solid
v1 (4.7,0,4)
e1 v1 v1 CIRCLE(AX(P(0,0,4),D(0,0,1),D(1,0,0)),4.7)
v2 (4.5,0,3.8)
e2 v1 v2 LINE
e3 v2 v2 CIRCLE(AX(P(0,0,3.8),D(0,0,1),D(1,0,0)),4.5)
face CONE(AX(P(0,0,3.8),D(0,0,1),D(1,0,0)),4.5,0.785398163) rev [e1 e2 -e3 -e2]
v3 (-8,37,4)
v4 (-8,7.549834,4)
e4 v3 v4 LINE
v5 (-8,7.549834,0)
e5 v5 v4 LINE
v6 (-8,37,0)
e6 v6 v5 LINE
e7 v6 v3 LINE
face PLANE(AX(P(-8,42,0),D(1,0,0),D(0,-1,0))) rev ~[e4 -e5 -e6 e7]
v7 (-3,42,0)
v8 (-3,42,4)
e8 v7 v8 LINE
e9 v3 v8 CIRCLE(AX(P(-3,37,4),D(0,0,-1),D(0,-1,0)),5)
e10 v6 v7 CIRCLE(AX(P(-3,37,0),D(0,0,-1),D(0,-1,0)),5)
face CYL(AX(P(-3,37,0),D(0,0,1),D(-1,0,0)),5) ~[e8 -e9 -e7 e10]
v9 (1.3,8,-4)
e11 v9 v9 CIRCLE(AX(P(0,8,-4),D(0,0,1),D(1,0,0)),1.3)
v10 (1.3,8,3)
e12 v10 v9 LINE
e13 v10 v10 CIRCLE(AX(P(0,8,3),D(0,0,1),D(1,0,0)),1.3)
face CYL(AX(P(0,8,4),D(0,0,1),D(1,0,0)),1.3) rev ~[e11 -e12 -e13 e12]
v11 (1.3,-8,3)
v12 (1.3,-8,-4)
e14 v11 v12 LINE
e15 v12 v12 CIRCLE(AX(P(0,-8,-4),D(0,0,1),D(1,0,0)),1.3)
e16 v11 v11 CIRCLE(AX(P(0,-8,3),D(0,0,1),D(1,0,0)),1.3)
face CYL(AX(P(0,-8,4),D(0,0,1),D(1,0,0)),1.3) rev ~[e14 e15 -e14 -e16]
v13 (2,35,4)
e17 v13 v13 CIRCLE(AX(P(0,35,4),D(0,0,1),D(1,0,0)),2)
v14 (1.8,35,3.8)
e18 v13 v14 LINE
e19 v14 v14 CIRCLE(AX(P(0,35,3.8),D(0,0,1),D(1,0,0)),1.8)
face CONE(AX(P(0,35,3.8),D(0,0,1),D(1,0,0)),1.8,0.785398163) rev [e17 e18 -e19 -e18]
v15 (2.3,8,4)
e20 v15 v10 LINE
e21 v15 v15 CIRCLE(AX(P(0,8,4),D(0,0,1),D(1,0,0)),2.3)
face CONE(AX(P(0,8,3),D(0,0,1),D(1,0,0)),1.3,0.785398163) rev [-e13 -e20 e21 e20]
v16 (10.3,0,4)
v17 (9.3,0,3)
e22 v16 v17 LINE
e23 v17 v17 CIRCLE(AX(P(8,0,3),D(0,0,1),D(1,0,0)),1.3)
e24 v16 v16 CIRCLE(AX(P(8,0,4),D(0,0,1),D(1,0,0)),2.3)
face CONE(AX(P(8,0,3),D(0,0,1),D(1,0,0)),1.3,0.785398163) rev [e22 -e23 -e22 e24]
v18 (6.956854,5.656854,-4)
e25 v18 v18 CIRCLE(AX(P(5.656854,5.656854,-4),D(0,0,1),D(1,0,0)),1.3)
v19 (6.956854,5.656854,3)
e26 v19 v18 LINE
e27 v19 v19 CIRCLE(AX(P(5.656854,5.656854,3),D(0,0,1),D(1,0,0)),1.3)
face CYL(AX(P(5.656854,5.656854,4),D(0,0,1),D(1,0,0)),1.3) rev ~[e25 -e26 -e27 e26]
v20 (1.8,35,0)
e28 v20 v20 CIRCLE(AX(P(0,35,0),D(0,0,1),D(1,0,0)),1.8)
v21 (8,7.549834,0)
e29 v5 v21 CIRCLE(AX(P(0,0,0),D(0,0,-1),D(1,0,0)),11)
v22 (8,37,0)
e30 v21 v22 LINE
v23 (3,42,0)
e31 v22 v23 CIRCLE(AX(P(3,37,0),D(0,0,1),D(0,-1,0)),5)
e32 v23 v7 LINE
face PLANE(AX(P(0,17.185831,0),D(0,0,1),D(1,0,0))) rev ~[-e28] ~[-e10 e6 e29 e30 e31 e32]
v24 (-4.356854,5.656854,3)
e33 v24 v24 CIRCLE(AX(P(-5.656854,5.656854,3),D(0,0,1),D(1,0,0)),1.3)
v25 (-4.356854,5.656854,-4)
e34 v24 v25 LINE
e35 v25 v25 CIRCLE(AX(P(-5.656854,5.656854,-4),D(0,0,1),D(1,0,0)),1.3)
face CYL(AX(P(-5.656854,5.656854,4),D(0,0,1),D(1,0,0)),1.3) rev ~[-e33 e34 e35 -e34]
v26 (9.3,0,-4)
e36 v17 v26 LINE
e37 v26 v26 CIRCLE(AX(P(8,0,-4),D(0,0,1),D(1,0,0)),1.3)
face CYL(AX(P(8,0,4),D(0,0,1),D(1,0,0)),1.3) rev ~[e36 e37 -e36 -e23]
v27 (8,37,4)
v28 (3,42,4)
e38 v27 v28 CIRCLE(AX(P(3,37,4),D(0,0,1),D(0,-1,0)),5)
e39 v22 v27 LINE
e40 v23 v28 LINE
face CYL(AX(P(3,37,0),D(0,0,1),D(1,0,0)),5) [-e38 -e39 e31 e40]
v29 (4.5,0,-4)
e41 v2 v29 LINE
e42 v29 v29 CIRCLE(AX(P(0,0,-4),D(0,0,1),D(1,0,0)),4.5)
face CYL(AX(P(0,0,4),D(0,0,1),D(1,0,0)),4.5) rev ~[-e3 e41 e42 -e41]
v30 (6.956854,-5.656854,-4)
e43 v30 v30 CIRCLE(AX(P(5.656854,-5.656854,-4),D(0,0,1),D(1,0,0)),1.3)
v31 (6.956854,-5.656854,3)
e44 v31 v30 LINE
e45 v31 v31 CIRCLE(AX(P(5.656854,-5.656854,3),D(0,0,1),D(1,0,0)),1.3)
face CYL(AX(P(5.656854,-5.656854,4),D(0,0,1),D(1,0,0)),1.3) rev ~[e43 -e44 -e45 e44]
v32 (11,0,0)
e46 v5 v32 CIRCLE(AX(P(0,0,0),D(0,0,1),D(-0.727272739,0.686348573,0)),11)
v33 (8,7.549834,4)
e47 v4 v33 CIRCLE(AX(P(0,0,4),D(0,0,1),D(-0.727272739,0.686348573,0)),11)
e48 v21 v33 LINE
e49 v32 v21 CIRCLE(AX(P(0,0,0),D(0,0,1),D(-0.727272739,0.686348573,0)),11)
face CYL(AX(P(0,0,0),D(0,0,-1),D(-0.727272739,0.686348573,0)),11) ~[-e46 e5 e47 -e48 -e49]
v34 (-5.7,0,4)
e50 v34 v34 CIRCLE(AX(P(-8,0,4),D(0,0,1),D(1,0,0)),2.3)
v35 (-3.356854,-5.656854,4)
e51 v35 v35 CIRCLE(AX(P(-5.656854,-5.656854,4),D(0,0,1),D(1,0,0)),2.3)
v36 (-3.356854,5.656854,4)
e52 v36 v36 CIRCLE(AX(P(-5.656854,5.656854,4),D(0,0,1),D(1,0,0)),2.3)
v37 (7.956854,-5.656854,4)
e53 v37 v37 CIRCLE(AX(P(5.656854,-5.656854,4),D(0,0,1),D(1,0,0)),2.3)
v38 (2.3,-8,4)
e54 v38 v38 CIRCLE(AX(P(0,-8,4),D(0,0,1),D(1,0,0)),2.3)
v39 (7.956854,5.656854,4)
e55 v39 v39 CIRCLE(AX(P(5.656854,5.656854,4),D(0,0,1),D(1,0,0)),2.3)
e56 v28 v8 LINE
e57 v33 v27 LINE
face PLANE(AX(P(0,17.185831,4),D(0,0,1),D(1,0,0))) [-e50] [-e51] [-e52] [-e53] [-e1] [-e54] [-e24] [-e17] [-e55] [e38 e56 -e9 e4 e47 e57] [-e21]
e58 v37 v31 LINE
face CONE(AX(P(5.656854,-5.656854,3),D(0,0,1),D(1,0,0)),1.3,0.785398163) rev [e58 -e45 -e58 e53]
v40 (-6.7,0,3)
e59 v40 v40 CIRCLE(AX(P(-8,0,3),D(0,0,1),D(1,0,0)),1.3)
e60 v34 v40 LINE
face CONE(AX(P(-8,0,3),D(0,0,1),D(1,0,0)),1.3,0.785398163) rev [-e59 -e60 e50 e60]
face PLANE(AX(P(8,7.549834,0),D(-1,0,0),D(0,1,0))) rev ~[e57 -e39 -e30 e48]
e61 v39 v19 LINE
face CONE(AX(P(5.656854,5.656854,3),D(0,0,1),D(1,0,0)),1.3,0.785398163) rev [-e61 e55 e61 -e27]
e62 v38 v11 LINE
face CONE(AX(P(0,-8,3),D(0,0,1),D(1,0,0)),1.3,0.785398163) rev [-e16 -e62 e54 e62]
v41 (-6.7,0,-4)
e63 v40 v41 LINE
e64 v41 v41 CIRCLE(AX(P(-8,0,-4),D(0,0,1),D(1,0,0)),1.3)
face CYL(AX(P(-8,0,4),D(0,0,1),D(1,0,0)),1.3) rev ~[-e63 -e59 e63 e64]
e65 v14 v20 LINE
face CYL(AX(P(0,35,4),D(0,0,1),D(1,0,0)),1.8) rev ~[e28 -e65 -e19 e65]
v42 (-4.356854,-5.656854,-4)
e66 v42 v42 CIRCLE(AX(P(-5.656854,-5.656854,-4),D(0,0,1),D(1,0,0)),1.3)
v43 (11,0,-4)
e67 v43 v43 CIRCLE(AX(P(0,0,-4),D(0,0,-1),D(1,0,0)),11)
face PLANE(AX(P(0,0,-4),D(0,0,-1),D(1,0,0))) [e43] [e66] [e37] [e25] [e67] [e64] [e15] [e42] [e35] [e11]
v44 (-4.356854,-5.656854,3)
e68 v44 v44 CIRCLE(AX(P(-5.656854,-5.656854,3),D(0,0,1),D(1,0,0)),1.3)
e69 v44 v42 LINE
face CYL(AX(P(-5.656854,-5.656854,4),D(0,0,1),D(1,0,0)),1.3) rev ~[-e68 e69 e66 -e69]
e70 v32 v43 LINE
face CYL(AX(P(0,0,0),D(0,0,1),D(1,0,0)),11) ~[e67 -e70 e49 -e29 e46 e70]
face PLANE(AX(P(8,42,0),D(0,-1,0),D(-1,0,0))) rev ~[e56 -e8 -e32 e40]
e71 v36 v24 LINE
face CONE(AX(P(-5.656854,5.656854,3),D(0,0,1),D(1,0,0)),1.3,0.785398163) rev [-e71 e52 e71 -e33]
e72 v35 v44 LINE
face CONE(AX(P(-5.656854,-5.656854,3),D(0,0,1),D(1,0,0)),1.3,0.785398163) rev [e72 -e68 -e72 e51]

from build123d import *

# Parameters (mm, degrees)
PAD_DEPTH       = 4
SKETCH003_R     = 1.8
POCKET_DEPTH    = 5
FILLET_R        = 5
SKETCH004_R     = 11
PAD001_DEPTH    = 4
SKETCH002_R     = 4.5
SKETCH002_R_2   = 1.3
POCKET001_DEPTH = 10
CHAMFER_SIZE    = 1
CHAMFER001_SIZE = 0.2


with BuildPart() as part:
    # Sketch → Pad (new body)
    with BuildSketch(Plane.XY):
        with BuildLine():
            ThreePointArc((-8, 7.549834), (0, -11), (8, 7.549834))
            Line((8, 7.549834), (8, 42))
            Line((8, 42), (-8, 42))
            Line((-8, 42), (-8, 7.549834))
        make_face()
    extrude(amount=PAD_DEPTH)

    # Sketch003 → Pocket (cut)
    with BuildSketch(Plane.XY.offset(4)):
        with Locations((0, 35)):
            Circle(SKETCH003_R)
    extrude(amount=-POCKET_DEPTH, mode=Mode.SUBTRACT)

    # Fillet
    fillet_edges = [part.edges().sort_by_distance(p)[0] for p in [
        (-8, 42, 2),
        (8, 42, 2),
    ]]
    fillet(fillet_edges, radius=FILLET_R)

    # Sketch004 → Pad001 (join)
    with BuildSketch(Plane(origin=(0, 0, 0), x_dir=(1, 0, 0), z_dir=(0, 0, -1))):
        Circle(SKETCH004_R)
    extrude(amount=PAD001_DEPTH)

    # Sketch002 (on Face5 of Pad001) → Pocket001 (cut)
    with BuildSketch(Plane.XY.offset(4)):
        Circle(SKETCH002_R)
        with Locations((0, 8)):
            Circle(SKETCH002_R_2)
        with Locations((5.656854, 5.656854)):
            Circle(SKETCH002_R_2)
        with Locations((8, 0)):
            Circle(SKETCH002_R_2)
        with Locations((5.656854, -5.656854)):
            Circle(SKETCH002_R_2)
        with Locations((0, -8)):
            Circle(SKETCH002_R_2)
        with Locations((-5.656854, -5.656854)):
            Circle(SKETCH002_R_2)
        with Locations((-8, 0)):
            Circle(SKETCH002_R_2)
        with Locations((-5.656854, 5.656854)):
            Circle(SKETCH002_R_2)
    extrude(amount=-POCKET001_DEPTH, mode=Mode.SUBTRACT)

    # Chamfer
    chamfer_edges = [part.edges().sort_by_distance(p)[0] for p in [
        (-6.956854, 5.656854, 4),
        (-1.3, 8, 4),
        (4.356854, 5.656854, 4),
        (6.7, 0, 4),
        (4.356854, -5.656854, 4),
        (-1.3, -8, 4),
        (-6.956854, -5.656854, 4),
        (-9.3, 0, 4),
    ]]
    chamfer(chamfer_edges, length=CHAMFER_SIZE)

    # Chamfer001
    chamfer001_edges = [part.edges().sort_by_distance(p)[0] for p in [
        (-1.8, 35, 4),
        (-4.5, 0, 4),
    ]]
    chamfer(chamfer001_edges, length=CHAMFER001_SIZE)


solid = part.part
